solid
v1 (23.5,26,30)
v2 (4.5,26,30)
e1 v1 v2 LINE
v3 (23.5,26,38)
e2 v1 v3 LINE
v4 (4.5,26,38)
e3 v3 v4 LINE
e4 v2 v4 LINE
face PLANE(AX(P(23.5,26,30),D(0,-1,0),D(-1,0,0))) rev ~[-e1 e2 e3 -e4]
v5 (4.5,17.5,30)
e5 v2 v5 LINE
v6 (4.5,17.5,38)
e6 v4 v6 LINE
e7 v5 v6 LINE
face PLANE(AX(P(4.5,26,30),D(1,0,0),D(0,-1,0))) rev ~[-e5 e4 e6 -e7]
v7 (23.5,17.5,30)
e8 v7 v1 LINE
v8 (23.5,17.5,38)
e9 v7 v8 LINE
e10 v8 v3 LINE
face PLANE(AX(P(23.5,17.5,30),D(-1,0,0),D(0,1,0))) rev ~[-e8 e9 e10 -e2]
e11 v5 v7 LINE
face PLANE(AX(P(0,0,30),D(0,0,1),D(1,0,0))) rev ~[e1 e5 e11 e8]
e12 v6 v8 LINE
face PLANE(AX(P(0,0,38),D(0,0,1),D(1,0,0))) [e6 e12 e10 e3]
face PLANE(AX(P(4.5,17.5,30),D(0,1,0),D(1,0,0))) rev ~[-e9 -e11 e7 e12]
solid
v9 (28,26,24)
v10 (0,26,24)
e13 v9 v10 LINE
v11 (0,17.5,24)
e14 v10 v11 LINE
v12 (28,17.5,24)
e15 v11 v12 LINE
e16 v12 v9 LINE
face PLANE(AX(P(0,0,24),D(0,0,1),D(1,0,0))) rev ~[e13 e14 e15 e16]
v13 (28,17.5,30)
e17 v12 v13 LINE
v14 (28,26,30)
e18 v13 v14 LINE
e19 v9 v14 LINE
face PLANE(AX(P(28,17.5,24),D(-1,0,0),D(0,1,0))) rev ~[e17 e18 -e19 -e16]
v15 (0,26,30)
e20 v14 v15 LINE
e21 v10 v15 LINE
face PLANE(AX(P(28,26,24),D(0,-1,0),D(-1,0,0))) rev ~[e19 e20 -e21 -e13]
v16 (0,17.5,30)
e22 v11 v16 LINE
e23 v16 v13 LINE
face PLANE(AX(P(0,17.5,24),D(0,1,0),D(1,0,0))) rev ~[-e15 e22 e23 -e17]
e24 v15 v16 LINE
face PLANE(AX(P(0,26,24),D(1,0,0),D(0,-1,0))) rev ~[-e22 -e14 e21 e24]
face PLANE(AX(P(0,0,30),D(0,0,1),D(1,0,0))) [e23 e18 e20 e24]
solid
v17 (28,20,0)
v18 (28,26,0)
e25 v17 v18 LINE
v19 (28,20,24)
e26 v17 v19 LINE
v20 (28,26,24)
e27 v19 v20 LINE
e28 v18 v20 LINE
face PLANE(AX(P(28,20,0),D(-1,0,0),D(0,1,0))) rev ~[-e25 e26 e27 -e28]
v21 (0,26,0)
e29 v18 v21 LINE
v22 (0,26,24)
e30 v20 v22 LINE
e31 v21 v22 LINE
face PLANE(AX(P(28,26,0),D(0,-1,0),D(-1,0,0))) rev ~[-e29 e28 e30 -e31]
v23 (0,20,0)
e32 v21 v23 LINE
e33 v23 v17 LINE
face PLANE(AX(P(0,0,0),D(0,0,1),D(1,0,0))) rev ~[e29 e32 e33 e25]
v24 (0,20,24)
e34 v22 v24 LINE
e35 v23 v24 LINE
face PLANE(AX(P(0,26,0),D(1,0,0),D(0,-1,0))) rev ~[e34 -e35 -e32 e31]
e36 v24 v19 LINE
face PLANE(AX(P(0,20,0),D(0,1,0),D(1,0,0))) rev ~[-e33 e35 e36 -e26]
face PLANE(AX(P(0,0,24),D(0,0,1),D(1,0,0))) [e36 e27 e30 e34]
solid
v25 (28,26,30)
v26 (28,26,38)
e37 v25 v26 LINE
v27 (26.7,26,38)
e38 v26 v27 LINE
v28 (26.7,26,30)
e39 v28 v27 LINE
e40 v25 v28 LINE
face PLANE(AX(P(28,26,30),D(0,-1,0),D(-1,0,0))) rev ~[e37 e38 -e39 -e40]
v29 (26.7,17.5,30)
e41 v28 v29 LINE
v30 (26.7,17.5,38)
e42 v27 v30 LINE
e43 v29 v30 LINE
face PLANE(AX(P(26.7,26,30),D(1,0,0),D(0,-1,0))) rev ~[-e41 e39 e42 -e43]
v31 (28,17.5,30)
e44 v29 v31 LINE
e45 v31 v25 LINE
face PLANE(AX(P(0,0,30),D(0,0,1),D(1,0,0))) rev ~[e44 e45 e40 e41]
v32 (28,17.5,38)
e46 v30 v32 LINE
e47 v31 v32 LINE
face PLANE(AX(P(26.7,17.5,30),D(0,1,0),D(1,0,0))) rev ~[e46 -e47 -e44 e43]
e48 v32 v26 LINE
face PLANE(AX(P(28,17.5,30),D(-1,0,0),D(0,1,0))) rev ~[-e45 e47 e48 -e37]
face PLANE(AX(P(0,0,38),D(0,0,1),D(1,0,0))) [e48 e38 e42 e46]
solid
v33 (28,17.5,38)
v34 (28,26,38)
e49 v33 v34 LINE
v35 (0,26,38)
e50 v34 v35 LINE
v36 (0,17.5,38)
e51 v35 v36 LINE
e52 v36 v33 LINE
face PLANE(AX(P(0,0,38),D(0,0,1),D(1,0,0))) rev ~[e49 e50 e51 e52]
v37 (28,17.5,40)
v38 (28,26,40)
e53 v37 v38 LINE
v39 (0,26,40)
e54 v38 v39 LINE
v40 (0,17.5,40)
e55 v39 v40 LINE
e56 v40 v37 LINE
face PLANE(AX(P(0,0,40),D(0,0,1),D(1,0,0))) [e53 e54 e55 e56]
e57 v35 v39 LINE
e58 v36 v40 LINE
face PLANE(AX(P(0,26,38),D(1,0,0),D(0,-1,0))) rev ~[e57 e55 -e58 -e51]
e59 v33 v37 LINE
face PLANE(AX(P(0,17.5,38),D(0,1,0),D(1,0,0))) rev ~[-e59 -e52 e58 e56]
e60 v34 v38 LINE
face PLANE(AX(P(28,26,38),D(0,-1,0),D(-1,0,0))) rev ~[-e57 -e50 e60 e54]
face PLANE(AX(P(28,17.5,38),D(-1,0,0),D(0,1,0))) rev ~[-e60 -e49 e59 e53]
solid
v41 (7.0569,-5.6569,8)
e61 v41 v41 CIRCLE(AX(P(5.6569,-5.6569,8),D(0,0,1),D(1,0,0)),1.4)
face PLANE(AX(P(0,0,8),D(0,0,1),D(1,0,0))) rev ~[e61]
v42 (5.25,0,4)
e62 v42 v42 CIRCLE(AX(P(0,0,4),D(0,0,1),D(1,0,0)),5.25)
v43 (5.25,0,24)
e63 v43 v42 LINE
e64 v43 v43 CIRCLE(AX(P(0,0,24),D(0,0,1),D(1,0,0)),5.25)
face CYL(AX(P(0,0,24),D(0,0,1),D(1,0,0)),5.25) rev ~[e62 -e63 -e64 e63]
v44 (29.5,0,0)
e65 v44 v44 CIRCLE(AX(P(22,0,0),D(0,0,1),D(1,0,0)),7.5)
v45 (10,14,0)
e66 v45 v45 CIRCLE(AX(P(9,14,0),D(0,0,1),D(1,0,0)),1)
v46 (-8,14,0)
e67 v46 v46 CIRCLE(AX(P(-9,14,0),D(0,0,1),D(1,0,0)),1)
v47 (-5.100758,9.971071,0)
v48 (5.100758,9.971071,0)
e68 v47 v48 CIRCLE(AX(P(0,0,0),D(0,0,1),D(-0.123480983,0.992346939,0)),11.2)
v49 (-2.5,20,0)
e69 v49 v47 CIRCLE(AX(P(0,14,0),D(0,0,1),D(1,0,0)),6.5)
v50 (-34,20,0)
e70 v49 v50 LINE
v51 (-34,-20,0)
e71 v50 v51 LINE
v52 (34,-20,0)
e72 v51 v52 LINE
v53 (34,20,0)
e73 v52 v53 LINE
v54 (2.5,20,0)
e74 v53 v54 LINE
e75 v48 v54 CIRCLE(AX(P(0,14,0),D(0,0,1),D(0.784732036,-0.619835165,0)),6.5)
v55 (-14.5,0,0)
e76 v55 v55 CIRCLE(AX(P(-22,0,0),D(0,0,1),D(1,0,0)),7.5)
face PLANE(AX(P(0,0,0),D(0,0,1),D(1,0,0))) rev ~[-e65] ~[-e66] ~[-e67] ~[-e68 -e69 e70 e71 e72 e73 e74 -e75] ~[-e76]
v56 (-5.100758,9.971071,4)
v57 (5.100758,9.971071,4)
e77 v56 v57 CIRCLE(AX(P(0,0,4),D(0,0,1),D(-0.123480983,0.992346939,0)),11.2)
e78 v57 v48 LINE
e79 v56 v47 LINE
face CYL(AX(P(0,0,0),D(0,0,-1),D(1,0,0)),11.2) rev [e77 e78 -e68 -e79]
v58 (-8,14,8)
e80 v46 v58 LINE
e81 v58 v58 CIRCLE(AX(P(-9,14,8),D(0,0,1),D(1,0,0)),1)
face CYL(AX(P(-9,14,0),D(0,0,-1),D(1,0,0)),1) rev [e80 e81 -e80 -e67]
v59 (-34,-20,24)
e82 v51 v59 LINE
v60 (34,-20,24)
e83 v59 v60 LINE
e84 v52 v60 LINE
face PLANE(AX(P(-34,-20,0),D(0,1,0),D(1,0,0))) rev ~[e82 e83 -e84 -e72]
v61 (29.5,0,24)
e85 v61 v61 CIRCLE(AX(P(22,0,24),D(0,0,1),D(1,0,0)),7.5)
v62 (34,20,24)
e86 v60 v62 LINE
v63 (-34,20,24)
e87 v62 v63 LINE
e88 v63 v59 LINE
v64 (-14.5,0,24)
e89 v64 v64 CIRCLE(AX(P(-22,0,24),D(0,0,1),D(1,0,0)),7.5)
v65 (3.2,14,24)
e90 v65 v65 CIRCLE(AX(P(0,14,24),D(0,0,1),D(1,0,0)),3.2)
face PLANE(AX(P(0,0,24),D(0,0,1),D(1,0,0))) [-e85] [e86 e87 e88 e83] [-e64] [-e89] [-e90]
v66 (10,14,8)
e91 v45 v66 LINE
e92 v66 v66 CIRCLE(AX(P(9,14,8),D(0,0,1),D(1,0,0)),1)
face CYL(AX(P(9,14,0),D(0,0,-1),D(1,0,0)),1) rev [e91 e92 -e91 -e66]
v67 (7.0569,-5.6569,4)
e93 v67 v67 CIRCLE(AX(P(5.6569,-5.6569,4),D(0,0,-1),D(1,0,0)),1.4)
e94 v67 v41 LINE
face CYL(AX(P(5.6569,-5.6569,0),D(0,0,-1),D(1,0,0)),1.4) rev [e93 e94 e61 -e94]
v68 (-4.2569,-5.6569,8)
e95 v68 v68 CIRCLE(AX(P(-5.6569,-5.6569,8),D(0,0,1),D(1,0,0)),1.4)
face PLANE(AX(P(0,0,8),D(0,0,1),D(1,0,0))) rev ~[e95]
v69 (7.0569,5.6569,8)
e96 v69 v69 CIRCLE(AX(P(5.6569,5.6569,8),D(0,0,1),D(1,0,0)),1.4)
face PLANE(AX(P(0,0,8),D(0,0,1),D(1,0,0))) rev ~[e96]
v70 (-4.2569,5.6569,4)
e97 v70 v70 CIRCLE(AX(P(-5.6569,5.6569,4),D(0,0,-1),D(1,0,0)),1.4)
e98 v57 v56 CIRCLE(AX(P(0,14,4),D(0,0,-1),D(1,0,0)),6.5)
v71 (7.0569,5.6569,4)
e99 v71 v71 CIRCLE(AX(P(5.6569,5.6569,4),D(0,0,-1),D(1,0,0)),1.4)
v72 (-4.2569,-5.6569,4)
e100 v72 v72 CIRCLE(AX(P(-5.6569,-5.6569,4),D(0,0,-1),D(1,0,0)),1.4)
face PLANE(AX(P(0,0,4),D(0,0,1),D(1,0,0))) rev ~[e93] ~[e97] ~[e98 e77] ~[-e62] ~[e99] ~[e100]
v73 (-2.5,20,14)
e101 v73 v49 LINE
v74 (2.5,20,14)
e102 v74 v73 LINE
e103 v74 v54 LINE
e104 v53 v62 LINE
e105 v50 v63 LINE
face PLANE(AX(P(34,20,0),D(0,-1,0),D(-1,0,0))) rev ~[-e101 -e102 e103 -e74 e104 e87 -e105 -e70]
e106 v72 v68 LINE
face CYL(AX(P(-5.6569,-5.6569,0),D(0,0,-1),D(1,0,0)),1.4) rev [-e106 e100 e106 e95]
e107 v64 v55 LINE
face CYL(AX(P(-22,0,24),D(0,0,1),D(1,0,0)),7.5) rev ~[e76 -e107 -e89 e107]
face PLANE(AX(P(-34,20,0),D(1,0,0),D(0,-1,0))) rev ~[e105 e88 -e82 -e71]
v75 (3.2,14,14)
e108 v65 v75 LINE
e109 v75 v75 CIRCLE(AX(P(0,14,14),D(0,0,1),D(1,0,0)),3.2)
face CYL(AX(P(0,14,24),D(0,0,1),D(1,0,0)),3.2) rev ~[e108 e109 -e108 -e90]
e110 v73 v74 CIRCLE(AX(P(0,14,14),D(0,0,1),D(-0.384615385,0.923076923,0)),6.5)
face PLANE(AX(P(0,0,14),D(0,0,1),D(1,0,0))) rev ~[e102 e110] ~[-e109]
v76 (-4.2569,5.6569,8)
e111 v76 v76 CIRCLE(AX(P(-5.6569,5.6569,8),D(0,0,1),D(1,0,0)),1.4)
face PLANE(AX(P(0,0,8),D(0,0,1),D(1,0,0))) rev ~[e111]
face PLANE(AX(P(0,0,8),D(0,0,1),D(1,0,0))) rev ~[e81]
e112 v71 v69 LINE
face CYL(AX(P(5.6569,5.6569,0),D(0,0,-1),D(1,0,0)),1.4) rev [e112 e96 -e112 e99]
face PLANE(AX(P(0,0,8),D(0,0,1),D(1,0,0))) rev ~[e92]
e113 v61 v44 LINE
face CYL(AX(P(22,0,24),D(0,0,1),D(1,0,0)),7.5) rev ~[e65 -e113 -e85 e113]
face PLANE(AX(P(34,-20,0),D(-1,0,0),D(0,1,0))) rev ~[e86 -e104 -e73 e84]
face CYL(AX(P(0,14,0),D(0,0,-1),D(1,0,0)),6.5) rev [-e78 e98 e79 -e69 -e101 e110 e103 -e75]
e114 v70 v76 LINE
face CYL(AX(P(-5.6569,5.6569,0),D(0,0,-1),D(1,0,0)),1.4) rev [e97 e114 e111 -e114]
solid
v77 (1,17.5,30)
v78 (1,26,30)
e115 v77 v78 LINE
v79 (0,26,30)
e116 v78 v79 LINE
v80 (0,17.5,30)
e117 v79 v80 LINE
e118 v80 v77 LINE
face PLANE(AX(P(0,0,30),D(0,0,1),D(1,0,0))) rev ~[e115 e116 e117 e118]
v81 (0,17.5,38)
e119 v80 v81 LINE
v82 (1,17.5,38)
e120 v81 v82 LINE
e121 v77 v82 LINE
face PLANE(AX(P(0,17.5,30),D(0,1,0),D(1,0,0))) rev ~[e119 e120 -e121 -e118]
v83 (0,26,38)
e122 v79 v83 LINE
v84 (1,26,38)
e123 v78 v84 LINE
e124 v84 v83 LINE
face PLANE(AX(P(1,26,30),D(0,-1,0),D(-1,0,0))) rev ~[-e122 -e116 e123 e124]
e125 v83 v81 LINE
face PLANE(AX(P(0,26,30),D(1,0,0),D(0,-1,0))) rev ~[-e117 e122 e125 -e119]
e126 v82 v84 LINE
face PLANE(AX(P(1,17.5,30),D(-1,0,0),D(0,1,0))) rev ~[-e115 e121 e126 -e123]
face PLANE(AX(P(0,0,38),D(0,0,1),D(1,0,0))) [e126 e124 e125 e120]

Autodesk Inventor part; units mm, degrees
sketch "Skizze1" plane through (0, 0, 0) normal (0, 0, 1) x (1, 0, 0)
  line L0 (-34, -20) -> (34, -20)
  line L1 (34, -20) -> (34, 20)
  line L2 (34, 20) -> (-34, 20)
  line L3 (-34, 20) -> (-34, -20)
extrude "Extrusion1" add sketch "Skizze1" along normal blind 24
sketch "Skizze2" plane through (0, 0, 0) normal (0, 0, 1) x (1, 0, 0)
  line L0 (0, 20) -> (28, 20)
  line L1 (28, 20) -> (28, 26)
  line L2 (28, 26) -> (0, 26)
  line L3 (0, 26) -> (0, 20)
extrude "Extrusion2" add sketch "Skizze2" along normal blind 24 separate body
ref_plane "Arbeitsebene1" through (0, 0, 24) normal (0, 0, 1) x (1, 0, 0)
sketch "Skizze3" plane through (0, 0, 24) normal (0, 0, 1) x (1, 0, 0)
  line L0 (0, 17.5) -> (28, 17.5)
  line L1 (28, 17.5) -> (28, 26)
  line L2 (28, 26) -> (0, 26)
  line L3 (0, 26) -> (0, 17.5)
extrude "Extrusion3" add sketch "Skizze3" along normal blind 6 separate body
ref_plane "Arbeitsebene2" through (0, 0, 30) normal (0, 0, 1) x (1, 0, 0)
sketch "Skizze4" plane through (0, 0, 30) normal (0, 0, 1) x (1, 0, 0)
  line L0 (0, 17.5) -> (1, 17.5)
  line L1 (1, 17.5) -> (1, 26)
  line L2 (1, 26) -> (0, 26)
  line L3 (0, 26) -> (0, 17.5)
extrude "Extrusion4" add sketch "Skizze4" along normal blind 8 separate body
sketch "Skizze5" plane through (0, 0, 30) normal (0, 0, 1) x (1, 0, 0)
  line L0 (4.5, 17.5) -> (23.5, 17.5)
  line L1 (23.5, 17.5) -> (23.5, 26)
  line L2 (23.5, 26) -> (4.5, 26)
  line L3 (4.5, 26) -> (4.5, 17.5)
extrude "Extrusion5" add sketch "Skizze5" along normal blind 8 separate body
sketch "Skizze6" plane through (0, 0, 30) normal (0, 0, 1) x (1, 0, 0)
  line L0 (26.7, 17.5) -> (28, 17.5)
  line L1 (28, 17.5) -> (28, 26)
  line L2 (28, 26) -> (26.7, 26)
  line L3 (26.7, 26) -> (26.7, 17.5)
extrude "Extrusion6" add sketch "Skizze6" along normal blind 8 separate body
ref_plane "Arbeitsebene3" through (0, 0, 38) normal (0, 0, 1) x (1, 0, 0)
sketch "Skizze7" plane through (0, 0, 38) normal (0, 0, 1) x (1, 0, 0)
  line L0 (0, 17.5) -> (28, 17.5)
  line L1 (28, 17.5) -> (28, 26)
  line L2 (28, 26) -> (0, 26)
  line L3 (0, 26) -> (0, 17.5)
extrude "Extrusion7" add sketch "Skizze7" along normal blind 2 separate body
sketch "Skizze8" plane through (0, 0, 24) normal (0, 0, 1) x (1, 0, 0)
  circle A0 centre (-22, 0) radius 7.5
extrude "Extrusion8" cut sketch "Skizze8" against normal blind 24.2 bodies 1
sketch "Skizze9" plane through (0, 0, 24) normal (0, 0, 1) x (1, 0, 0)
  circle A0 centre (22, 0) radius 7.5
extrude "Extrusion9" cut sketch "Skizze9" against normal blind 24.2 bodies 1
sketch "Skizze10" plane through (0, 0, 24) normal (0, 0, 1) x (1, 0, 0)
  circle A0 centre (0, 0) radius 5.25
extrude "Extrusion10" cut sketch "Skizze10" against normal blind 24.2 bodies 1
sketch "Skizze11" plane through (0, 0, 24) normal (0, 0, 1) x (1, 0, 0)
  circle A0 centre (0, 14) radius 3.2
extrude "Extrusion11" cut sketch "Skizze11" against normal blind 24.2 bodies 1
sketch "Skizze12" plane through (0, 0, 0) normal (0, 0, 1) x (1, 0, 0)
  circle A0 centre (0, 0) radius 11.2
extrude "Extrusion12" cut sketch "Skizze12" along normal blind 4 bodies 1
sketch "Skizze13" plane through (0, 0, 0) normal (0, 0, 1) x (1, 0, 0)
  circle A0 centre (5.6569, 5.6569) radius 1.4
extrude "Extrusion13" cut sketch "Skizze13" along normal blind 8 bodies 1
sketch "Skizze14" plane through (0, 0, 0) normal (0, 0, 1) x (1, 0, 0)
  circle A0 centre (-5.6569, 5.6569) radius 1.4
extrude "Extrusion14" cut sketch "Skizze14" along normal blind 8 bodies 1
sketch "Skizze15" plane through (0, 0, 0) normal (0, 0, 1) x (1, 0, 0)
  circle A0 centre (-5.6569, -5.6569) radius 1.4
extrude "Extrusion15" cut sketch "Skizze15" along normal blind 8 bodies 1
sketch "Skizze16" plane through (0, 0, 0) normal (0, 0, 1) x (1, 0, 0)
  circle A0 centre (5.6569, -5.6569) radius 1.4
extrude "Extrusion16" cut sketch "Skizze16" along normal blind 8 bodies 1
sketch "Skizze17" plane through (0, 0, 0) normal (0, 0, 1) x (1, 0, 0)
  circle A0 centre (0, 14) radius 6.5
extrude "Extrusion17" cut sketch "Skizze17" along normal blind 14 bodies 1
sketch "Skizze18" plane through (0, 0, 0) normal (0, 0, 1) x (1, 0, 0)
  circle A0 centre (-9, 14) radius 1
extrude "Extrusion18" cut sketch "Skizze18" along normal blind 8 bodies 1
sketch "Skizze19" plane through (0, 0, 0) normal (0, 0, 1) x (1, 0, 0)
  circle A0 centre (9, 14) radius 1
extrude "Extrusion19" cut sketch "Skizze19" along normal blind 8 bodies 1
properties part number "Taster_Schlitten"
